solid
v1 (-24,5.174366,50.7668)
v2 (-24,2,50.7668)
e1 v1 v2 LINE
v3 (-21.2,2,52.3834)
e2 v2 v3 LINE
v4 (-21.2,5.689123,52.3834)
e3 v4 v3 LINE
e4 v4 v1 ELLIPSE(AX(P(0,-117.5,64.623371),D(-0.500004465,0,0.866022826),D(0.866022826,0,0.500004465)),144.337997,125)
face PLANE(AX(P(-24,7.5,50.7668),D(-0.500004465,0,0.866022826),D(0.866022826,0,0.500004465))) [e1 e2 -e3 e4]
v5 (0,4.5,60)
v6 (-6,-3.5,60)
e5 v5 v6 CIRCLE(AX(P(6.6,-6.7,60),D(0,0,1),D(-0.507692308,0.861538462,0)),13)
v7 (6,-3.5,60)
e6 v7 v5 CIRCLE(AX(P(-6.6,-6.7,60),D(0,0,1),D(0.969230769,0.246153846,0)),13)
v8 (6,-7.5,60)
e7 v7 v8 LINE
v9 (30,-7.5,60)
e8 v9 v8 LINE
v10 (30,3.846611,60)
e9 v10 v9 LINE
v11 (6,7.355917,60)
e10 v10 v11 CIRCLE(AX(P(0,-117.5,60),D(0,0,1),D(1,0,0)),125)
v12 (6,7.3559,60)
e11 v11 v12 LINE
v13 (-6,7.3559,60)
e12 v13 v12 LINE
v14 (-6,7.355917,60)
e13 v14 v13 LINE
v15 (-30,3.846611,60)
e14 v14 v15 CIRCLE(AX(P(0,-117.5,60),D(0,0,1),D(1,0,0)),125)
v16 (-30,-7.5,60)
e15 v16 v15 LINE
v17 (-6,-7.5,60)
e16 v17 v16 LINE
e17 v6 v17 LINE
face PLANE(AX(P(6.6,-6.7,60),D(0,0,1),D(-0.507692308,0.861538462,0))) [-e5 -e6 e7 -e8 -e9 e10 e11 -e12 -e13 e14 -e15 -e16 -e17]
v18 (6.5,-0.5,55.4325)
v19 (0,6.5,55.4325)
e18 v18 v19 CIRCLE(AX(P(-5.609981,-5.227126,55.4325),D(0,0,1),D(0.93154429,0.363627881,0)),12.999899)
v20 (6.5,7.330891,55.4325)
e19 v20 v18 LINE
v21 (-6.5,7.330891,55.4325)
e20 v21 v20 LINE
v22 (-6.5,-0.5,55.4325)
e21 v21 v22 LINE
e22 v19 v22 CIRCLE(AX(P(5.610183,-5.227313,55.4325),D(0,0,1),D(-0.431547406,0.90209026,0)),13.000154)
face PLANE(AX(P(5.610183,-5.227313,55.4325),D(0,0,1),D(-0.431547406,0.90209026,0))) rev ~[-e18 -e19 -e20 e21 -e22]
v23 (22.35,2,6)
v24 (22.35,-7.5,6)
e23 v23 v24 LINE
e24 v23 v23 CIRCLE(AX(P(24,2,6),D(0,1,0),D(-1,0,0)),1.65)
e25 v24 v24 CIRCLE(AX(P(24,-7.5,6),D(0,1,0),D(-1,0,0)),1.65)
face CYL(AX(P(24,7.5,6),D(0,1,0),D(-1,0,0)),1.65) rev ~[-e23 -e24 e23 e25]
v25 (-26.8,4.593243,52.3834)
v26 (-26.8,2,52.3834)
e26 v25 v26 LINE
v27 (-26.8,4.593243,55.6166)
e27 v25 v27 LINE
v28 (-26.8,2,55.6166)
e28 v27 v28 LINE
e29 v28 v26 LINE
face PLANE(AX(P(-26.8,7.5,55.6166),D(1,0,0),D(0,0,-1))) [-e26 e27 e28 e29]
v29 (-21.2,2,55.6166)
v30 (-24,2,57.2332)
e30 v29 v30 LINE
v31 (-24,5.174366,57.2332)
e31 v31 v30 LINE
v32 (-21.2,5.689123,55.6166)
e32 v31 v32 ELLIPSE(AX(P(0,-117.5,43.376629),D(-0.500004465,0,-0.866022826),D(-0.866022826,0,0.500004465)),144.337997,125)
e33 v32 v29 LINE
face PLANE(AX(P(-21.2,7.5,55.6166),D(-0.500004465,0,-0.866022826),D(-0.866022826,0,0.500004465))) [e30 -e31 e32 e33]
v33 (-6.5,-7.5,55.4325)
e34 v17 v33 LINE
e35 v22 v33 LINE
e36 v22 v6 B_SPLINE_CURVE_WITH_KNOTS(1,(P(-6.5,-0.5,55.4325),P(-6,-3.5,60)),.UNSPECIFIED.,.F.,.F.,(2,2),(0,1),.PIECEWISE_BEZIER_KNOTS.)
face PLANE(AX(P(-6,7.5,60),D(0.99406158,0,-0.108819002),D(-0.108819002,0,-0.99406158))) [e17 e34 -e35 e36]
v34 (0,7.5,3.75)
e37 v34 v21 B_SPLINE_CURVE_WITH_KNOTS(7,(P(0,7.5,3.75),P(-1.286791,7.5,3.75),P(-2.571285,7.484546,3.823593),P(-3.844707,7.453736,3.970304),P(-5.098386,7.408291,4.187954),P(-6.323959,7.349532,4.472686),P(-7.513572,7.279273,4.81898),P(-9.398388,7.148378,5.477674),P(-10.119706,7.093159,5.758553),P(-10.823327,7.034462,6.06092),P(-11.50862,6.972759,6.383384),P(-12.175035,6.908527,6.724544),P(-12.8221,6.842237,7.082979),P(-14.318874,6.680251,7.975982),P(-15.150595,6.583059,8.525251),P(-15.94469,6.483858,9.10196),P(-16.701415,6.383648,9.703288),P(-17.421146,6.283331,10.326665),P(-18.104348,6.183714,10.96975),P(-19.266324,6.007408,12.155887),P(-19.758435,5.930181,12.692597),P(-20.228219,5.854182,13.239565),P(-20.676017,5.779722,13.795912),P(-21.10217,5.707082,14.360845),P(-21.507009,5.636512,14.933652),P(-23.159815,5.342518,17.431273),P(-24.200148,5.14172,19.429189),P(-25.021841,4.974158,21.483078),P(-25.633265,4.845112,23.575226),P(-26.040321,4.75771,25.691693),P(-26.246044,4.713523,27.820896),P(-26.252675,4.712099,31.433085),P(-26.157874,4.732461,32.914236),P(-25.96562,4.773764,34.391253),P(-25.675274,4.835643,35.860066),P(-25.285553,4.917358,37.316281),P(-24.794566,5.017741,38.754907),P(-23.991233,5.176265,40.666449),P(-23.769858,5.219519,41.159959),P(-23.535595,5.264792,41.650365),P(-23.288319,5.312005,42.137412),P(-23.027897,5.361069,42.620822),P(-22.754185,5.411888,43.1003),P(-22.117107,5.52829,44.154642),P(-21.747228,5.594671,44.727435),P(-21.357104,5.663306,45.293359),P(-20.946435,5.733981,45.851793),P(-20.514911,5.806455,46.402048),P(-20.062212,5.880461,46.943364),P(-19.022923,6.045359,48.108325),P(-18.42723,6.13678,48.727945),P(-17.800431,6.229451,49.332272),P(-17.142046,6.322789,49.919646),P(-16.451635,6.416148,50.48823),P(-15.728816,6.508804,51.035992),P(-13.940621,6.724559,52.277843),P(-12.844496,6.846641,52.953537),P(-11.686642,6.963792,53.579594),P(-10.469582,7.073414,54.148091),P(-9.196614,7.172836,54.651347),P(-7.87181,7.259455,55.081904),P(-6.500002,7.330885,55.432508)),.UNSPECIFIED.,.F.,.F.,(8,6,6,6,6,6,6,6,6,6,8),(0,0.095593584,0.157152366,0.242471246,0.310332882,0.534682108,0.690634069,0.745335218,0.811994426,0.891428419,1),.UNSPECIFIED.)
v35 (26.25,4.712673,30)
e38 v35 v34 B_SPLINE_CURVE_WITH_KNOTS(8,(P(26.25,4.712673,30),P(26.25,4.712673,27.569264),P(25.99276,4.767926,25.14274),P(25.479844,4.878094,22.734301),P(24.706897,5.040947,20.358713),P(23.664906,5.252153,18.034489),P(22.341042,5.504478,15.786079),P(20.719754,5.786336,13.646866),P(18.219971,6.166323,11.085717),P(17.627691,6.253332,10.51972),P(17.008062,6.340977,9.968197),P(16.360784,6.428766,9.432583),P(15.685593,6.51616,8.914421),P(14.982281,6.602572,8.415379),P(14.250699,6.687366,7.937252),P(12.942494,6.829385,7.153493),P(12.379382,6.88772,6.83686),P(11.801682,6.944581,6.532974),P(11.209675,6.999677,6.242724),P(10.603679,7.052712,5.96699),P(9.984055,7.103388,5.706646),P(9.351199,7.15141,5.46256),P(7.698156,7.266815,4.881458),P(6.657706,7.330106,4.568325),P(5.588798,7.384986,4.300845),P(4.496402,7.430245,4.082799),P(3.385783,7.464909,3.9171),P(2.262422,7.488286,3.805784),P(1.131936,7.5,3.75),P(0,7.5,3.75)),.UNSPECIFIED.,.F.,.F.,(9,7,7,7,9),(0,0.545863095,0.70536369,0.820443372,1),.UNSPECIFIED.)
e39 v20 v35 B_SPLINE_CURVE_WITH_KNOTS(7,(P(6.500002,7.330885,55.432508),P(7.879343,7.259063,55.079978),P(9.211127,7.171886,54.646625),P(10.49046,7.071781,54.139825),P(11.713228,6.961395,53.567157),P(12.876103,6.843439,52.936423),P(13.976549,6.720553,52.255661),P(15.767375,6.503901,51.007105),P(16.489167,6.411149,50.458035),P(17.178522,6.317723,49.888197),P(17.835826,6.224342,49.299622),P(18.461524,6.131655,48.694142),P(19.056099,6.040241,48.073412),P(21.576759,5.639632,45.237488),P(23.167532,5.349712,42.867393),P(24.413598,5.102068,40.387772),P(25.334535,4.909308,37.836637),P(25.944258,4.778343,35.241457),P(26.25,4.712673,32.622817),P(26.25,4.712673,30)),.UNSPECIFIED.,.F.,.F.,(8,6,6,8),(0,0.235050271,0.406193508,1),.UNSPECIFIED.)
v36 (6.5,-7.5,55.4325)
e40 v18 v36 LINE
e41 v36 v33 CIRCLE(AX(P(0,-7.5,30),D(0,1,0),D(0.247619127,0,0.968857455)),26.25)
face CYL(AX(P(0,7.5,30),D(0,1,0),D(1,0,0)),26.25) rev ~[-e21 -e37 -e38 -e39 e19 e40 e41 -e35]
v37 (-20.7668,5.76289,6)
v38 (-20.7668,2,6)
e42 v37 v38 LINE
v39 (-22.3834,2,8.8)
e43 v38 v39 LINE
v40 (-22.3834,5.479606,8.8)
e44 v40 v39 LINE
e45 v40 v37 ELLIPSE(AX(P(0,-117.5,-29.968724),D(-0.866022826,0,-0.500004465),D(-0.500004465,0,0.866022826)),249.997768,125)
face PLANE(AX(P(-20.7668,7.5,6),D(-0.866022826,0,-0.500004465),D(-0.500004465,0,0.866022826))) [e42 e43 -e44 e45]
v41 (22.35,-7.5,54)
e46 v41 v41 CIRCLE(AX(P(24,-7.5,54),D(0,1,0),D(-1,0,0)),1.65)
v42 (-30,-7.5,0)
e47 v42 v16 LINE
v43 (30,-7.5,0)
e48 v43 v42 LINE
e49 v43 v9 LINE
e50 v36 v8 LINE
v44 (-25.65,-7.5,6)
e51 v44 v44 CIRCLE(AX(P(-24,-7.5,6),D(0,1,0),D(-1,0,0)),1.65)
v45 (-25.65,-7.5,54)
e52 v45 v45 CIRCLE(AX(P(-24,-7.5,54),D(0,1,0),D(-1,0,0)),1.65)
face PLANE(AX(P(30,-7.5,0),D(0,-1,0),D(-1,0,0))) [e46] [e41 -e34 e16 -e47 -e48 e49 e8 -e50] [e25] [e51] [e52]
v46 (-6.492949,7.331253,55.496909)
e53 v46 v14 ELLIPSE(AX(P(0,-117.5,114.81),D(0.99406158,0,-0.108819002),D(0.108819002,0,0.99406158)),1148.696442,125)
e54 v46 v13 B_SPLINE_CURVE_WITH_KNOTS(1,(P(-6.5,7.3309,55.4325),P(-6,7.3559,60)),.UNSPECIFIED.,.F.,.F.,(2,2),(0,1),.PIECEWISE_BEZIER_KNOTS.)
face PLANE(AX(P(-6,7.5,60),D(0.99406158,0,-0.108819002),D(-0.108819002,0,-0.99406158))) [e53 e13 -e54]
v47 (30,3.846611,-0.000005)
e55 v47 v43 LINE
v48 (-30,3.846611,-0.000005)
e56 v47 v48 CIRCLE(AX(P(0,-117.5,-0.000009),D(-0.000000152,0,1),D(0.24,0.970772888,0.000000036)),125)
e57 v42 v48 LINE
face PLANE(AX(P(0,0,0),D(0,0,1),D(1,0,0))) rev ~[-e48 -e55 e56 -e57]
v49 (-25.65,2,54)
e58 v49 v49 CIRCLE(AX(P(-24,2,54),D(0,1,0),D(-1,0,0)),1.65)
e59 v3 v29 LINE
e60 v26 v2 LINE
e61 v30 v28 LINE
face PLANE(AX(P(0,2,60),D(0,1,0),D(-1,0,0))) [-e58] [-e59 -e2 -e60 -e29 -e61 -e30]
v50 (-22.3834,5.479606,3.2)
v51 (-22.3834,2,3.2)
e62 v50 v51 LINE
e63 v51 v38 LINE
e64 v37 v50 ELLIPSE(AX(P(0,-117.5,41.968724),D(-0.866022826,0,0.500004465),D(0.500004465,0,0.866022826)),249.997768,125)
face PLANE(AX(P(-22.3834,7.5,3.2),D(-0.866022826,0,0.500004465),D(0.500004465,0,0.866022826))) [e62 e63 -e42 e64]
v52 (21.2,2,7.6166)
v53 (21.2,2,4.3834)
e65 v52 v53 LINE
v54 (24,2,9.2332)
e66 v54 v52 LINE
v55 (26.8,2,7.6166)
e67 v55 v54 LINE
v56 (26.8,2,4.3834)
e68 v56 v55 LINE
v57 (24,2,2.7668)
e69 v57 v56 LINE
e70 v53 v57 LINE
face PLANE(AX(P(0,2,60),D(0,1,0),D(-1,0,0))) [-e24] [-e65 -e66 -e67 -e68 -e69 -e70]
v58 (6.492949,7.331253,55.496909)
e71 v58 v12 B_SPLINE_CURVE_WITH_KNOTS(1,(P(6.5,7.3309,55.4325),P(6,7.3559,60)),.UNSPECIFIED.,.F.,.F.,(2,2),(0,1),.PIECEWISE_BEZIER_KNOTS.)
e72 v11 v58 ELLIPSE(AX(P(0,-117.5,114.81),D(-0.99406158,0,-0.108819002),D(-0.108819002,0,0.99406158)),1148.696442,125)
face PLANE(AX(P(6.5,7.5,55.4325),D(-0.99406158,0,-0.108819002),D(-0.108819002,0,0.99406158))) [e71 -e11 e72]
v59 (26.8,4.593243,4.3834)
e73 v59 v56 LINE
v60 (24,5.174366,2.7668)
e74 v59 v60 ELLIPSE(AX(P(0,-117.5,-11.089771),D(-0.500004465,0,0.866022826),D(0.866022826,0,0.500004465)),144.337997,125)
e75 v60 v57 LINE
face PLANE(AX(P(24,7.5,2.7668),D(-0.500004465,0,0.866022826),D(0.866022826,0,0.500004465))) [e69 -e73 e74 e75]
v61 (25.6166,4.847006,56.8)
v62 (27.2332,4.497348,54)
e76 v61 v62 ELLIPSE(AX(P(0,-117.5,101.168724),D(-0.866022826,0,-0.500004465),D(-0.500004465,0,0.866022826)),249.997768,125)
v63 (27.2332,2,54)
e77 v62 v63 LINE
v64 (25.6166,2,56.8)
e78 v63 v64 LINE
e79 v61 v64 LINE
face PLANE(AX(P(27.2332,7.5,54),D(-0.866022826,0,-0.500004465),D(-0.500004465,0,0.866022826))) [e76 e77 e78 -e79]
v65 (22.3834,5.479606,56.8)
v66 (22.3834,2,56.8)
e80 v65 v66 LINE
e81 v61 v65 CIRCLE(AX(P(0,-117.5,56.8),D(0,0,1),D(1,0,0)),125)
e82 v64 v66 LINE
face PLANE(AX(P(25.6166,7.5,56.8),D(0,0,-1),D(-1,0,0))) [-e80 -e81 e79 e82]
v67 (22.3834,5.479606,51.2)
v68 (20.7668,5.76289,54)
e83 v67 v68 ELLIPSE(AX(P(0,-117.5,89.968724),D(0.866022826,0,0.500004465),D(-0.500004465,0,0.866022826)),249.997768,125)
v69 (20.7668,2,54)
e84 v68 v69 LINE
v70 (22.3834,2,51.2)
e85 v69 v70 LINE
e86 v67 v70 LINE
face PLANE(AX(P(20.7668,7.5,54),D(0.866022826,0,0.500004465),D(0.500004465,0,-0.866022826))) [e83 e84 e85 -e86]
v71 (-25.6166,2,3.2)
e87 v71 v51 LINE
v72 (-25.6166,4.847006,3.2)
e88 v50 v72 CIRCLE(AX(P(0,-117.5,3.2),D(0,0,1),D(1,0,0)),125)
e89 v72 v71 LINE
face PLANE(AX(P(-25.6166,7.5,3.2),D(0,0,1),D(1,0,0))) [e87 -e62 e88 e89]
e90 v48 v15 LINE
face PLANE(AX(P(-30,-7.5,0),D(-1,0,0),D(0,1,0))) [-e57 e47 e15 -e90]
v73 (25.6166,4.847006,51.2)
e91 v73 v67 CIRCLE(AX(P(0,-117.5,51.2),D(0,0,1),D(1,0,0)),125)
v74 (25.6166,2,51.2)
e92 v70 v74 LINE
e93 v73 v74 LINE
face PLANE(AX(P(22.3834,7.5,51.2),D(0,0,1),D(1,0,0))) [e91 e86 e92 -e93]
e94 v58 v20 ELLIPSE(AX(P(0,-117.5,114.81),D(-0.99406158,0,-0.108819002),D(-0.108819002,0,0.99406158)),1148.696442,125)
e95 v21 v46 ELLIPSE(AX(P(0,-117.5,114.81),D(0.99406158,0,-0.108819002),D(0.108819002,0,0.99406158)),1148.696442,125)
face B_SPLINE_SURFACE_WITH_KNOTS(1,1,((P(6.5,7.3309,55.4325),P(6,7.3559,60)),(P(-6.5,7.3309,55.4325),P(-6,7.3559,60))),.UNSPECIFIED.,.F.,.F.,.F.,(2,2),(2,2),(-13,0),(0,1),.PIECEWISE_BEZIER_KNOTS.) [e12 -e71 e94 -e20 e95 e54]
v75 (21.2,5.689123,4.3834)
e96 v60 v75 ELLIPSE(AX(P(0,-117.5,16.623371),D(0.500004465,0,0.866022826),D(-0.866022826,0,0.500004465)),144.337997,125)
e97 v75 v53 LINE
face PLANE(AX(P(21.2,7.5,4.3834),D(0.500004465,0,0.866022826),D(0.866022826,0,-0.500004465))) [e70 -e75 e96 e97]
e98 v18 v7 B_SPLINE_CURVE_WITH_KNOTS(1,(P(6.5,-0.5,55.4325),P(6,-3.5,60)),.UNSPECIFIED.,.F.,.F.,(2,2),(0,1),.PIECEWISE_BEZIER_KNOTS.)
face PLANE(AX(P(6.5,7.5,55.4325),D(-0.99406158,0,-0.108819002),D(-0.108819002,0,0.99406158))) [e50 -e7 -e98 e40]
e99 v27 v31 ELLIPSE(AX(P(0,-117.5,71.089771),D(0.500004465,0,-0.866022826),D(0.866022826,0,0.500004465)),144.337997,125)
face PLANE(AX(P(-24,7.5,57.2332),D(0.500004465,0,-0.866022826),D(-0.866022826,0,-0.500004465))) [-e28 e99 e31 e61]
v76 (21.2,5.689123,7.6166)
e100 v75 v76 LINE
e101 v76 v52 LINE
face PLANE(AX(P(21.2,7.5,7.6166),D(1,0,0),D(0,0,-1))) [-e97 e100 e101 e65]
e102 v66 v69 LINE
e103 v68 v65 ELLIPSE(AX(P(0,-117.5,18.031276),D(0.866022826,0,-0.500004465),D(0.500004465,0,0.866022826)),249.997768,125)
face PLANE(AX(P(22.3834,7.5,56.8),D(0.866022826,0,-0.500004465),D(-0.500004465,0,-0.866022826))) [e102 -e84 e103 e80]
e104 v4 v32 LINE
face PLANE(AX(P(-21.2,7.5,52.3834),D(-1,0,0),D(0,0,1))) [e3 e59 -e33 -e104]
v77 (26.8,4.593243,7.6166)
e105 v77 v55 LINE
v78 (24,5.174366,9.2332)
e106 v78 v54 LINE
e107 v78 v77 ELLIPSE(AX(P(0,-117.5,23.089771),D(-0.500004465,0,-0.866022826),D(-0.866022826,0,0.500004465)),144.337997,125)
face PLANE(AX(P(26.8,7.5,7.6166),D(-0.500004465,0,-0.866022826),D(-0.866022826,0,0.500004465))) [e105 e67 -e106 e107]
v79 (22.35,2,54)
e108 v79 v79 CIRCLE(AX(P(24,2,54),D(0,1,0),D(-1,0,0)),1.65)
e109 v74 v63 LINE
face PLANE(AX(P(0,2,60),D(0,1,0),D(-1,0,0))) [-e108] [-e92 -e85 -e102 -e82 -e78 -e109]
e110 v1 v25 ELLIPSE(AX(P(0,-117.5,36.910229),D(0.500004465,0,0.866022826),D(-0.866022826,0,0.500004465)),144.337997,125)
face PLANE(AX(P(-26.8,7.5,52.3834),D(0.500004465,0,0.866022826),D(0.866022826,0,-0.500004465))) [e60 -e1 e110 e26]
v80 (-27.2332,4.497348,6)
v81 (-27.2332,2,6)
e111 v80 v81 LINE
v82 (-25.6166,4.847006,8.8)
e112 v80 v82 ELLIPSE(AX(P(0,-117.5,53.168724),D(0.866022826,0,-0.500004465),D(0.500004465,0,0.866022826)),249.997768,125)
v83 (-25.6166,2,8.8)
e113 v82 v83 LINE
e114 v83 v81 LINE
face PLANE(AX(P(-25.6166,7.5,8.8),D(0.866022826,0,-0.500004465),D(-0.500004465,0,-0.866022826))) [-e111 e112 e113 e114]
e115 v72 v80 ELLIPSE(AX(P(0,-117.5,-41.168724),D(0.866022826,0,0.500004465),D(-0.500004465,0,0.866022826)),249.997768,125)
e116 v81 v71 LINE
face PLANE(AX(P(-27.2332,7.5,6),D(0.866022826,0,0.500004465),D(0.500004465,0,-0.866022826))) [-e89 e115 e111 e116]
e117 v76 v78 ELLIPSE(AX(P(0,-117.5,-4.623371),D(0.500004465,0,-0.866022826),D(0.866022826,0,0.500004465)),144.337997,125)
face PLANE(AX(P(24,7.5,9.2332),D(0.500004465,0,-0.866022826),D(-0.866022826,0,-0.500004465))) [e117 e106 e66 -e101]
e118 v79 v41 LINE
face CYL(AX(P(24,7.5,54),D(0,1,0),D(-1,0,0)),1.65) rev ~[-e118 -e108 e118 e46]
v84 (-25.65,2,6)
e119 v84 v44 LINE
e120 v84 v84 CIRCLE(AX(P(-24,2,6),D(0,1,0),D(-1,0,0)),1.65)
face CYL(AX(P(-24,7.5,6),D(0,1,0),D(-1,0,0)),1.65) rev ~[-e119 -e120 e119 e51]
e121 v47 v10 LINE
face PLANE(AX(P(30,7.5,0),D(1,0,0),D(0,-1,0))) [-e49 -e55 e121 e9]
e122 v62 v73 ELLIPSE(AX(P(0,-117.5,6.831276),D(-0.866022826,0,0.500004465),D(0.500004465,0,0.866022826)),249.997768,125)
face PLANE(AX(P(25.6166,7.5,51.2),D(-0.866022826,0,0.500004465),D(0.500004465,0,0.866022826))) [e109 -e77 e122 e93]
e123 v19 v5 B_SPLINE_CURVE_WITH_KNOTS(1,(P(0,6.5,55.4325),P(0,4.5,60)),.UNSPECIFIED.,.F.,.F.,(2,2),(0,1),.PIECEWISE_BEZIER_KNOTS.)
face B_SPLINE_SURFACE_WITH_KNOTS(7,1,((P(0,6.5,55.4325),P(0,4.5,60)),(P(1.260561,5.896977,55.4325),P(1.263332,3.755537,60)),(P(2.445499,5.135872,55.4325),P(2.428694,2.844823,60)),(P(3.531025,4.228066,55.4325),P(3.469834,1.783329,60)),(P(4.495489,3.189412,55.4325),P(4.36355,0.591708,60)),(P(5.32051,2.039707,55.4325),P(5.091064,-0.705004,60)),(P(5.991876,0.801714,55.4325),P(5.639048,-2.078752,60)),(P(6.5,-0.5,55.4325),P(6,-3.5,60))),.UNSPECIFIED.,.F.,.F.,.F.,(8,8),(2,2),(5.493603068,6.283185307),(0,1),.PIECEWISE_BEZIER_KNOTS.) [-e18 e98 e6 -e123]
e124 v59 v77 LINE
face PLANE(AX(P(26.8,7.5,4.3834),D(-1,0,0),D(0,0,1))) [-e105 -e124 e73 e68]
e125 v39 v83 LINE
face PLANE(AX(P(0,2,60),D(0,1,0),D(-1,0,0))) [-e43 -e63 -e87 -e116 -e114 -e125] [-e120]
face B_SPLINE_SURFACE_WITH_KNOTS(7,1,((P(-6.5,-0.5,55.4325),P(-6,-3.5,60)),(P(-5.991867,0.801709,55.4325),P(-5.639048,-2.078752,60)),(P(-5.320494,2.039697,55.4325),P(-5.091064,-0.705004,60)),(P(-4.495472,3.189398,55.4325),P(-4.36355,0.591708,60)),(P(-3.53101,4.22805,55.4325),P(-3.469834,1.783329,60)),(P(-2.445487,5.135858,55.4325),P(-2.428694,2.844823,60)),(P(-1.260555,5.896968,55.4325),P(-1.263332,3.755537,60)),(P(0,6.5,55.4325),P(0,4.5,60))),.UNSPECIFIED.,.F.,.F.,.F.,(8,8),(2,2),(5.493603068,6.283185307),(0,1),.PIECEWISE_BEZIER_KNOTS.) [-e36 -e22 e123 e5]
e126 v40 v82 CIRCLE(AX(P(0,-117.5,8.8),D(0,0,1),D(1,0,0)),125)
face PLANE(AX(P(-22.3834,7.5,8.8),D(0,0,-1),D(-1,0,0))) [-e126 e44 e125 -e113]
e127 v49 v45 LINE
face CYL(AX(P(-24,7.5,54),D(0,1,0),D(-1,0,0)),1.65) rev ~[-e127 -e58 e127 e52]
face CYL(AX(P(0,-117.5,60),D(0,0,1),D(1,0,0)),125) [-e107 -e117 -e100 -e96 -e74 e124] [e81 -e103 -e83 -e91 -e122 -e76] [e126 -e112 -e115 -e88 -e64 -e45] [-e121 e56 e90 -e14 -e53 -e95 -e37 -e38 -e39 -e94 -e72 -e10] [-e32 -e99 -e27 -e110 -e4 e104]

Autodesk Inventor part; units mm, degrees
ref_plane "YZ Plane" through (0, 0, 0) normal (1, 0, 0) x (0, 1, 0)
sketch "Sketch1" plane through (0, 0, 0) normal (0, 0, 1) x (1, 0, 0)
  line L0 (-30, 7.5) -> (30, 7.5)
  line L1 (30, 7.5) -> (30, -7.5)
  line L2 (30, -7.5) -> (-30, -7.5)
  line L3 (-30, -7.5) -> (-30, 7.5)
  line L4 (-30, 7.5) -> (30, -7.5) construction
  line L5 (30, 7.5) -> (-30, -7.5) construction
  point P0 (0, 0)
  dimension "d0" = 60
  dimension "d1" = 15
extrude "Extrusion1" add sketch "Sketch1" along normal blind 60
sketch "Sketch3" plane through (-30, 7.5, 0) normal (0, 1, 0) x (1, 0, 0)
  circle A0 centre (30, -30) radius 26.25
  line L0 (60, 0) -> (0, 0) projected
  line L1 (60, -60) -> (0, -60) projected
  line L2 (60, 0) -> (60, -60) projected
  line L3 (36.5, -55.4325) -> (36, -60)
  line L4 (36, -60) -> (24, -60)
  line L5 (24, -60) -> (23.5, -55.4325)
  point P0 (30, 0)
  point P1 (31.6579, -56.1976)
  point P2 (30, 0)
  point P3 (60, -30)
  point P4 (30, -60)
  point P5 (24, -60)
  dimension "d14" = 52.5
  dimension "d16" = 30
  dimension "d17" = 12
  dimension "d18" = 13
  dimension "d26" = 25.4325
extrude "Extrusion3" cut sketch "Sketch3" against normal blind 15
sketch "Sketch4" plane through (0, 0, 60) normal (0, 0, 1) x (1, 0, 0)
  circle A0 centre (0, -117.5) radius 125
  line L0 (-26.25, 7.5) -> (26.25, 7.5) projected
  point P0 (0, 0)
  point P1 (-6.5, 7.5)
  point P2 (6.5, 7.5)
  dimension "d19" = 250
extrude "Extrusion4" cut sketch "Sketch4" against normal through all keep common part
sketch "Sketch6" plane through (0, 0, 60) normal (0, 0, 1) x (1, 0, 0)
  arc A0 (0, 4.5) -> (-6, -3.5) centre (6.6, -6.7) ccw
  line L0 (0, 0) -> (0, -5.1929) construction
  arc A1 (6, -3.5) -> (0, 4.5) centre (-6.6, -6.7) ccw
  line L1 (-6, -3.5) -> (-6, 7.3559)
  line L2 (6, 7.3559) -> (6, -3.5)
  line L3 (-6, 7.3559) -> (6, 7.3559)
  line L4 (26.25, -7.5) -> (-26.25, -7.5) construction
  line L5 (-6, -7.5) -> (-6, 7.3559) construction
  point P0 (6.5, -7.5)
  point P1 (-6.5, -7.5)
  dimension "d27" = 13
  dimension "d31" = 12
  dimension "d35" = 4
ref_plane "Work Plane1" through (6.5, 7.3309, 55.4325) normal (0, 0, 1) x (1, 0, 0)
sketch "Sketch7" plane through (6.5, 7.3309, 55.4325) normal (0, 0, 1) x (1, 0, 0)
  line L0 (19.75, -14.8309) -> (-32.75, -14.8309) construction
  line L1 (-6.5, -14.8309) -> (-6.5, -0.6329) construction
  line L2 (-13, 0) -> (-13, -14.8309) construction
  line L3 (0, 0) -> (0, -14.8309) construction
  line L4 (-6.5, -14.8309) -> (-6.5, 0.8827) construction
  arc A0 (-6.5, -0.8309) -> (-13, -7.8309) centre (-0.8899, -12.5581) ccw
  arc A1 (0, -7.8309) -> (-6.5, -0.8309) centre (-12.1101, -12.5581) ccw
  line L5 (-13, 0) -> (0, 0)
  line L6 (-13, -7.8309) -> (-13, 0)
  line L7 (0, -7.8309) -> (0, 0)
  dimension "d32" = 14
  dimension "d33" = 13
  dimension "d34" = 7
loft "Loft1" add profiles "Sketch7", "Sketch6"
ref_plane "Work Plane2" through (0, 7.5, 60) normal (0, 1, 0) x (-1, 0, 0)
sketch "Sketch8" plane through (0, 7.5, 60) normal (0, 1, 0) x (-1, 0, 0)
  line L0 (22.3834, -56.8) -> (20.7668, -54)
  line L1 (20.7668, -54) -> (22.3834, -51.2)
  line L2 (22.3834, -51.2) -> (25.6166, -51.2)
  line L3 (25.6166, -51.2) -> (27.2332, -54)
  line L4 (27.2332, -54) -> (25.6166, -56.8)
  line L5 (25.6166, -56.8) -> (22.3834, -56.8)
  arc A0 (-6.5, -4.5675) -> (6.5, -4.5675) centre (0, -30) ccw construction
  line L6 (26.8, -7.6166) -> (24, -9.2332)
  line L7 (24, -9.2332) -> (21.2, -7.6166)
  line L8 (21.2, -7.6166) -> (21.2, -4.3834)
  line L9 (21.2, -4.3834) -> (24, -2.7668)
  line L10 (24, -2.7668) -> (26.8, -4.3834)
  line L11 (26.8, -4.3834) -> (26.8, -7.6166)
  line L12 (-22.3834, -3.2) -> (-20.7668, -6)
  line L13 (-20.7668, -6) -> (-22.3834, -8.8)
  line L14 (-22.3834, -8.8) -> (-25.6166, -8.8)
  line L15 (-25.6166, -8.8) -> (-27.2332, -6)
  line L16 (-27.2332, -6) -> (-25.6166, -3.2)
  line L17 (-25.6166, -3.2) -> (-22.3834, -3.2)
  line L18 (-26.8, -52.3834) -> (-24, -50.7668)
  line L19 (-24, -50.7668) -> (-21.2, -52.3834)
  line L20 (-21.2, -52.3834) -> (-21.2, -55.6166)
  line L21 (-21.2, -55.6166) -> (-24, -57.2332)
  line L22 (-24, -57.2332) -> (-26.8, -55.6166)
  line L23 (-26.8, -55.6166) -> (-26.8, -52.3834)
  point P0 (0, -60)
  point P1 (24, -54)
  point P2 (0, -56.25)
  point P3 (0, -30)
  point P4 (24, -6)
  point P5 (-24, -6)
  point P6 (-24, -54)
  dimension "d40" = 24
  dimension "d41" = 5.6
  dimension "d42" = 24
  dimension "d45" = 360
extrude "Extrusion5" cut sketch "Sketch8" against normal blind 5.5
sketch "Sketch9" plane through (0, 7.5, 60) normal (0, 1, 0) x (-1, 0, 0)
  circle A0 centre (24, -54) radius 1.65
  arc A1 (-6.5, -4.5675) -> (6.5, -4.5675) centre (0, -30) ccw construction
  circle A2 centre (24, -6) radius 1.65
  circle A3 centre (-24, -6) radius 1.65
  circle A4 centre (-24, -54) radius 1.65
  point P0 (0, -60)
  point P1 (0, -56.25)
  point P2 (0, -30)
  dimension "d49" = 3.3
  dimension "d50" = 24
  dimension "d51" = 24
  dimension "d54" = 360
extrude "Extrusion6" cut sketch "Sketch9" against normal through all
properties part number "antenna_socket" material "Acetal Resin, Black"
